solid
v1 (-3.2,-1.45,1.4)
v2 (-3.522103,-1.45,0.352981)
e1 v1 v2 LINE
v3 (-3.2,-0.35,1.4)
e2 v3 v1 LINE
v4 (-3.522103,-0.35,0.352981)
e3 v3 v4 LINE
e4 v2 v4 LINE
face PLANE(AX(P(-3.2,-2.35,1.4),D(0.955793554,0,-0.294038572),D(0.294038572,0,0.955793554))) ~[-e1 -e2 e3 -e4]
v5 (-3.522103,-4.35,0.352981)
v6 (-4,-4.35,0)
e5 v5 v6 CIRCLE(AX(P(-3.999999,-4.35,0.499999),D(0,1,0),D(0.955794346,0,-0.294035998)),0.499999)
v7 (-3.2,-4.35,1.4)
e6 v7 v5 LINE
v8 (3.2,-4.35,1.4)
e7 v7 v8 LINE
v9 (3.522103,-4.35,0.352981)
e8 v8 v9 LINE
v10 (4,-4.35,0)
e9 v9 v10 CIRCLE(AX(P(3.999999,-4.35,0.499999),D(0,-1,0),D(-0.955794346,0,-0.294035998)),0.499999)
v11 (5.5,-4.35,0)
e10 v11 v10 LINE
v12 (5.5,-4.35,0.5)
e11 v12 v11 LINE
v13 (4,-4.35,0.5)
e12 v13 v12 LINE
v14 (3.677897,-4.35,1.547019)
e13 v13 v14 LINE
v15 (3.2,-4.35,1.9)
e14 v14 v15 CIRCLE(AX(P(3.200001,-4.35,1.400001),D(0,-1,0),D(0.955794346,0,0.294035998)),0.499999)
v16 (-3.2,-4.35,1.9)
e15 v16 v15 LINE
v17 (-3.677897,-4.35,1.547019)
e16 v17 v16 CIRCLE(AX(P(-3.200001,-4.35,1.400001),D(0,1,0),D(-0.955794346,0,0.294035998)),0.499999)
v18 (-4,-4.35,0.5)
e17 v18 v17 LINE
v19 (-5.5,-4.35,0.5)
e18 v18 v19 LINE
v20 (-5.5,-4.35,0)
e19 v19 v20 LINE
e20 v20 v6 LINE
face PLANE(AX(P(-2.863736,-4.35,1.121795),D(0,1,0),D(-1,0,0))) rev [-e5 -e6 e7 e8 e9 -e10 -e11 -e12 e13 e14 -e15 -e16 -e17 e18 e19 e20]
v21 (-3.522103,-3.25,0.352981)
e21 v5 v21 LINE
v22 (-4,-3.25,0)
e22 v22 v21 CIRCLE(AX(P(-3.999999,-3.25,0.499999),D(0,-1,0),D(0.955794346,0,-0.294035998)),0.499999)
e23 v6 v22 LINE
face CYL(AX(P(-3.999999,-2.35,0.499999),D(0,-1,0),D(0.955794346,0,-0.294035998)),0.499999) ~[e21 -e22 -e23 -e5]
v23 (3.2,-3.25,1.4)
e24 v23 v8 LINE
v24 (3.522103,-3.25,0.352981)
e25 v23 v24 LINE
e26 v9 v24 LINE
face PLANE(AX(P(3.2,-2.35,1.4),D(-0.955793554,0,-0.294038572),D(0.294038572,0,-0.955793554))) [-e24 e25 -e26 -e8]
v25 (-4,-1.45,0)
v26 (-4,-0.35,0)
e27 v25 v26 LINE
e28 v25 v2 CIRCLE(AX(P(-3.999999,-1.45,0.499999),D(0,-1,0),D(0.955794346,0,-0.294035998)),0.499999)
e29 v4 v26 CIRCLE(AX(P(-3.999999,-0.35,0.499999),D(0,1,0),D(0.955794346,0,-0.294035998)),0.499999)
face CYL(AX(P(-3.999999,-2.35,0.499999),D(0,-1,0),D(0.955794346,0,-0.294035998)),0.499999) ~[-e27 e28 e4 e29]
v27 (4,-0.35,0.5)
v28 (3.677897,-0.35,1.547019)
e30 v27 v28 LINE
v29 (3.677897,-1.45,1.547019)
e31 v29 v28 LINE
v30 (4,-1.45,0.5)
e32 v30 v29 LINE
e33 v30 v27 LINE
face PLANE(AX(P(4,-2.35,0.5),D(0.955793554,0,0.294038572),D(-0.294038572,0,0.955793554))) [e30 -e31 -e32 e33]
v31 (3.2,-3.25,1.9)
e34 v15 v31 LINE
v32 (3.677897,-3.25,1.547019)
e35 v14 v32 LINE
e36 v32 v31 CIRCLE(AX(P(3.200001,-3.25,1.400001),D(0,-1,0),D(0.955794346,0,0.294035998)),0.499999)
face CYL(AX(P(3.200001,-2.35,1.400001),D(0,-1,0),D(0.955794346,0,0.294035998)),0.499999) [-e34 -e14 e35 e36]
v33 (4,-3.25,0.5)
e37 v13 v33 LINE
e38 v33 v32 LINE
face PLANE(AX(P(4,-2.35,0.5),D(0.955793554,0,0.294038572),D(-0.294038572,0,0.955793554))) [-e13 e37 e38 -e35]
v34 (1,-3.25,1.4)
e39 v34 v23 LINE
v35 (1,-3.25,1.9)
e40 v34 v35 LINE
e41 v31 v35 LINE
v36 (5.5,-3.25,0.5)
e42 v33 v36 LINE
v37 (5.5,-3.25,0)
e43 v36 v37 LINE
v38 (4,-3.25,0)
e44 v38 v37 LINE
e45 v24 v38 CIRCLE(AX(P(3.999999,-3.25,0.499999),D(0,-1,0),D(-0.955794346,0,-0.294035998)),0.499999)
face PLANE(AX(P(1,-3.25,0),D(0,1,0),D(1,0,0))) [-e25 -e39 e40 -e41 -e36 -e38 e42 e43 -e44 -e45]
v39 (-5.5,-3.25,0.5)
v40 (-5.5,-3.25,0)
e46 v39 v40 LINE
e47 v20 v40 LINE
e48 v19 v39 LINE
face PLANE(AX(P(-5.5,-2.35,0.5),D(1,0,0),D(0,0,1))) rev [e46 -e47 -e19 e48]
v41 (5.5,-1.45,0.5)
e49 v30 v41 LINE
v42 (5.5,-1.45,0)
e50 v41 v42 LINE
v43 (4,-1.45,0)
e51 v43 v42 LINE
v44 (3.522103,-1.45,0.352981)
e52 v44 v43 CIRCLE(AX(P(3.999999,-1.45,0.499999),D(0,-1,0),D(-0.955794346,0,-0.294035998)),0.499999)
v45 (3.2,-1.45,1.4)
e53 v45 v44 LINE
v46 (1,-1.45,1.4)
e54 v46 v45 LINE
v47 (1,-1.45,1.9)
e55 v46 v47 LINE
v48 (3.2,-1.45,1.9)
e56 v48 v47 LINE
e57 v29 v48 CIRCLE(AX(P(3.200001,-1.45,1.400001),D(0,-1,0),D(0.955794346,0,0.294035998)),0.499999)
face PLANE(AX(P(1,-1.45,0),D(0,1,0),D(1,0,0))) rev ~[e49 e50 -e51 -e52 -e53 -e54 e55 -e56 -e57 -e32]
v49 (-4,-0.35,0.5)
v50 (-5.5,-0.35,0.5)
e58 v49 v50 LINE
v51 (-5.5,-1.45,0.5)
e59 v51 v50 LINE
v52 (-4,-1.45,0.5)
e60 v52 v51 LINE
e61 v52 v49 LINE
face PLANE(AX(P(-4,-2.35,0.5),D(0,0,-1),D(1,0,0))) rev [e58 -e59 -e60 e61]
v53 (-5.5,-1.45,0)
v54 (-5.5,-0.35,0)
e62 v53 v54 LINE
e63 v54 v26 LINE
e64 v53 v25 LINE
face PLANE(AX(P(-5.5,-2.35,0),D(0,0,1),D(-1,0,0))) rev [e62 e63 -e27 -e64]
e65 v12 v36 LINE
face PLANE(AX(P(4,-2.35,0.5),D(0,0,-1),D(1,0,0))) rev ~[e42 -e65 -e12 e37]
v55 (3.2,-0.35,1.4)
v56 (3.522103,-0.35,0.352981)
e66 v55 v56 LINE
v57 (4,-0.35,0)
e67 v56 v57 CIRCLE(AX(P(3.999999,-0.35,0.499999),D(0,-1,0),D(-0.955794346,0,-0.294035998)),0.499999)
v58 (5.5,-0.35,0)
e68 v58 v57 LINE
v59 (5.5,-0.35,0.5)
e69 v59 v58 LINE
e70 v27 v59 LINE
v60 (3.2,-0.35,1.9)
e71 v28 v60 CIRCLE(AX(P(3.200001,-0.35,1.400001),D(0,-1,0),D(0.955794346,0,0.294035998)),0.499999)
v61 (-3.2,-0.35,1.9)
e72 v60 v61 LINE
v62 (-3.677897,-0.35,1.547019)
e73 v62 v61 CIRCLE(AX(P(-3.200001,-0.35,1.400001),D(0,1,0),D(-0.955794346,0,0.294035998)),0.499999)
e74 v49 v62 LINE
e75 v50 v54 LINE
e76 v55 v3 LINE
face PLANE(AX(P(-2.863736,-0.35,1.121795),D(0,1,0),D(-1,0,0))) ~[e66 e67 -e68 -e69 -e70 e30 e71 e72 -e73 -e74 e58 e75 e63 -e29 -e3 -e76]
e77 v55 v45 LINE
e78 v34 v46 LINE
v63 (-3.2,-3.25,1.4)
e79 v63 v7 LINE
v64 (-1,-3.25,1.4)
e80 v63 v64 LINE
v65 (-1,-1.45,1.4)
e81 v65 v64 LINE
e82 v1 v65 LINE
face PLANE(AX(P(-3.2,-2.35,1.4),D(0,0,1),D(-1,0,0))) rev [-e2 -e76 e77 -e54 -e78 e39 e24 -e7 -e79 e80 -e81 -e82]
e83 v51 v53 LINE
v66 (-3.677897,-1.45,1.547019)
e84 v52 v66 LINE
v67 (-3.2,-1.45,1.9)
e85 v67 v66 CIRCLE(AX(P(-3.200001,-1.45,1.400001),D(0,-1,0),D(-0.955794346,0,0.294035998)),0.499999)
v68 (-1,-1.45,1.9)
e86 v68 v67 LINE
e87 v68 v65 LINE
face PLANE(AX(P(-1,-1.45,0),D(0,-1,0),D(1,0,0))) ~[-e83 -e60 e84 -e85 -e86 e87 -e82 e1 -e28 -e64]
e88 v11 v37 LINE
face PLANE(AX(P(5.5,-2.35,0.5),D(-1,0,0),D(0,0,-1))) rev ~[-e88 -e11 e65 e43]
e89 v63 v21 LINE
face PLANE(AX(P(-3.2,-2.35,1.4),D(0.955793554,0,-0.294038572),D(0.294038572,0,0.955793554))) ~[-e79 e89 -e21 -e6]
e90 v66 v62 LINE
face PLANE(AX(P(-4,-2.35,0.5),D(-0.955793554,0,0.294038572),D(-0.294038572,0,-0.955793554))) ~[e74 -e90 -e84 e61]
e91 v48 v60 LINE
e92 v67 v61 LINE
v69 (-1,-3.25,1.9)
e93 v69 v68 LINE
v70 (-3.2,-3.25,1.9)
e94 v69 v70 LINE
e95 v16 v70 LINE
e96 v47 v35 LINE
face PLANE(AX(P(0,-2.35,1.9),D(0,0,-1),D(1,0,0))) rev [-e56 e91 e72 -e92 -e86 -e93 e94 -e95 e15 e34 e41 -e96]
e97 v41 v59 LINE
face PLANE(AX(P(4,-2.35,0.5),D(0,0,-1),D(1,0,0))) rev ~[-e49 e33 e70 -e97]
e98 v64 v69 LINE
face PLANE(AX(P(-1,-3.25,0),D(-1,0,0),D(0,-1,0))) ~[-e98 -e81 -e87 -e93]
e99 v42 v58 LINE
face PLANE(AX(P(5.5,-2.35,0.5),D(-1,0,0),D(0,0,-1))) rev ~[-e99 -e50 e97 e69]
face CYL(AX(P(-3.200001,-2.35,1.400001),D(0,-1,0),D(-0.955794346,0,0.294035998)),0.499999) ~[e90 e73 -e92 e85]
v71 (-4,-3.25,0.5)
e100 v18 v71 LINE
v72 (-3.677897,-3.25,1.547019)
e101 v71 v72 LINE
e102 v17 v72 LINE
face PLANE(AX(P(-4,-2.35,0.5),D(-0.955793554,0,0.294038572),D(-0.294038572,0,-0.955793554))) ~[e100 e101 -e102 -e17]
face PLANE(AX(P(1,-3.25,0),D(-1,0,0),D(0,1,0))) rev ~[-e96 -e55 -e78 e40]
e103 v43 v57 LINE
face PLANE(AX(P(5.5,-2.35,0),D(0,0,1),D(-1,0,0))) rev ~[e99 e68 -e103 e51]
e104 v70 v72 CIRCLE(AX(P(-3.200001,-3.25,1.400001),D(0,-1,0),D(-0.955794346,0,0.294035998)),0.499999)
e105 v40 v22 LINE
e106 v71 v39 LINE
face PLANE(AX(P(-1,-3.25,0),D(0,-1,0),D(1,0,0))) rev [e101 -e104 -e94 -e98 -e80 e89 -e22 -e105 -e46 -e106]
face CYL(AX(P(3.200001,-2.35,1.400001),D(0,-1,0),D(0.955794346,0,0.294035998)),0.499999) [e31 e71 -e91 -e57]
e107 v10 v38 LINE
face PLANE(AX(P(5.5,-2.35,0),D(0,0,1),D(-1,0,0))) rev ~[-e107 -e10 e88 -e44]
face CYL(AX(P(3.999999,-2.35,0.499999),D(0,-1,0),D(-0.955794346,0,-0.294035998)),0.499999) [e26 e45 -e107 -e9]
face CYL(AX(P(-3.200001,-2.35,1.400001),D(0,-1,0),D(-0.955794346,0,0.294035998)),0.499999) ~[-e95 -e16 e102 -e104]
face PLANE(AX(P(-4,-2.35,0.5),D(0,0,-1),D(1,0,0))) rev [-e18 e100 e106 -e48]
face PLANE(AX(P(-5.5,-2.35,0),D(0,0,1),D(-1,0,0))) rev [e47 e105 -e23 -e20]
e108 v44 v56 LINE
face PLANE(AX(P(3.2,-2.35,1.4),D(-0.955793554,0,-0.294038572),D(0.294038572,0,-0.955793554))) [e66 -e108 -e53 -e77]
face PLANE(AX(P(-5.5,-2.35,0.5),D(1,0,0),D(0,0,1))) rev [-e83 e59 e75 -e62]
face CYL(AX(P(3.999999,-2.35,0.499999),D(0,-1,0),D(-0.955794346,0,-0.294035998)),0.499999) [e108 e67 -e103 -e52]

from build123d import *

# Parameters (mm, degrees)
PAD023_DEPTH         = 2
SKETCH116_W          = 5
SKETCH116_H          = 1.8
POCKET027_DEPTH      = 23.716818
POCKET027_DEPTH_BACK = 25.616818


with BuildPart() as part:
    # Sketch115 → Pad023 (new body, symmetric)
    with BuildSketch(Plane.XZ):
        with BuildLine():
            Line((0, 1.9), (3.2, 1.9))
            ThreePointArc((3.677897, 1.547019), (3.497061, 1.802188), (3.2, 1.9))
            Line((4, 0.5), (3.677897, 1.547019))
            Line((4, 0.5), (5.5, 0.5))
            Line((5.5, 0.5), (5.5, 0))
            Line((5.5, 0), (4, 0))
            ThreePointArc((3.522103, 0.352981), (3.702939, 0.097812), (4, 0))
            Line((3.2, 1.4), (3.522103, 0.352981))
            Line((3.2, 1.4), (0, 1.4))
            Line((0, 1.4), (0, 1.9))
        make_face()
    pad023 = extrude(amount=PAD023_DEPTH, both=True)

    # Mirrored: Pad023 across YZ
    add(pad023.mirror(Plane.YZ))

    # Sketch116 → Pocket027 (cut, two sides)
    with BuildSketch(Plane.XY) as pocket027_sk:
        with Locations((3.5, 0)):
            Rectangle(SKETCH116_W, SKETCH116_H)
    pocket027 = extrude(amount=-POCKET027_DEPTH, mode=Mode.SUBTRACT) + extrude(pocket027_sk.sketch, amount=POCKET027_DEPTH_BACK, mode=Mode.SUBTRACT)

    # Mirrored019: Pocket027 across YZ
    add(pocket027.mirror(Plane.YZ), mode=Mode.SUBTRACT)


with BuildPart() as part_1:
    # Body029 placement: moved
    add(part.part.moved(Location((0, -2.35, 0))))


solid = part_1.part
